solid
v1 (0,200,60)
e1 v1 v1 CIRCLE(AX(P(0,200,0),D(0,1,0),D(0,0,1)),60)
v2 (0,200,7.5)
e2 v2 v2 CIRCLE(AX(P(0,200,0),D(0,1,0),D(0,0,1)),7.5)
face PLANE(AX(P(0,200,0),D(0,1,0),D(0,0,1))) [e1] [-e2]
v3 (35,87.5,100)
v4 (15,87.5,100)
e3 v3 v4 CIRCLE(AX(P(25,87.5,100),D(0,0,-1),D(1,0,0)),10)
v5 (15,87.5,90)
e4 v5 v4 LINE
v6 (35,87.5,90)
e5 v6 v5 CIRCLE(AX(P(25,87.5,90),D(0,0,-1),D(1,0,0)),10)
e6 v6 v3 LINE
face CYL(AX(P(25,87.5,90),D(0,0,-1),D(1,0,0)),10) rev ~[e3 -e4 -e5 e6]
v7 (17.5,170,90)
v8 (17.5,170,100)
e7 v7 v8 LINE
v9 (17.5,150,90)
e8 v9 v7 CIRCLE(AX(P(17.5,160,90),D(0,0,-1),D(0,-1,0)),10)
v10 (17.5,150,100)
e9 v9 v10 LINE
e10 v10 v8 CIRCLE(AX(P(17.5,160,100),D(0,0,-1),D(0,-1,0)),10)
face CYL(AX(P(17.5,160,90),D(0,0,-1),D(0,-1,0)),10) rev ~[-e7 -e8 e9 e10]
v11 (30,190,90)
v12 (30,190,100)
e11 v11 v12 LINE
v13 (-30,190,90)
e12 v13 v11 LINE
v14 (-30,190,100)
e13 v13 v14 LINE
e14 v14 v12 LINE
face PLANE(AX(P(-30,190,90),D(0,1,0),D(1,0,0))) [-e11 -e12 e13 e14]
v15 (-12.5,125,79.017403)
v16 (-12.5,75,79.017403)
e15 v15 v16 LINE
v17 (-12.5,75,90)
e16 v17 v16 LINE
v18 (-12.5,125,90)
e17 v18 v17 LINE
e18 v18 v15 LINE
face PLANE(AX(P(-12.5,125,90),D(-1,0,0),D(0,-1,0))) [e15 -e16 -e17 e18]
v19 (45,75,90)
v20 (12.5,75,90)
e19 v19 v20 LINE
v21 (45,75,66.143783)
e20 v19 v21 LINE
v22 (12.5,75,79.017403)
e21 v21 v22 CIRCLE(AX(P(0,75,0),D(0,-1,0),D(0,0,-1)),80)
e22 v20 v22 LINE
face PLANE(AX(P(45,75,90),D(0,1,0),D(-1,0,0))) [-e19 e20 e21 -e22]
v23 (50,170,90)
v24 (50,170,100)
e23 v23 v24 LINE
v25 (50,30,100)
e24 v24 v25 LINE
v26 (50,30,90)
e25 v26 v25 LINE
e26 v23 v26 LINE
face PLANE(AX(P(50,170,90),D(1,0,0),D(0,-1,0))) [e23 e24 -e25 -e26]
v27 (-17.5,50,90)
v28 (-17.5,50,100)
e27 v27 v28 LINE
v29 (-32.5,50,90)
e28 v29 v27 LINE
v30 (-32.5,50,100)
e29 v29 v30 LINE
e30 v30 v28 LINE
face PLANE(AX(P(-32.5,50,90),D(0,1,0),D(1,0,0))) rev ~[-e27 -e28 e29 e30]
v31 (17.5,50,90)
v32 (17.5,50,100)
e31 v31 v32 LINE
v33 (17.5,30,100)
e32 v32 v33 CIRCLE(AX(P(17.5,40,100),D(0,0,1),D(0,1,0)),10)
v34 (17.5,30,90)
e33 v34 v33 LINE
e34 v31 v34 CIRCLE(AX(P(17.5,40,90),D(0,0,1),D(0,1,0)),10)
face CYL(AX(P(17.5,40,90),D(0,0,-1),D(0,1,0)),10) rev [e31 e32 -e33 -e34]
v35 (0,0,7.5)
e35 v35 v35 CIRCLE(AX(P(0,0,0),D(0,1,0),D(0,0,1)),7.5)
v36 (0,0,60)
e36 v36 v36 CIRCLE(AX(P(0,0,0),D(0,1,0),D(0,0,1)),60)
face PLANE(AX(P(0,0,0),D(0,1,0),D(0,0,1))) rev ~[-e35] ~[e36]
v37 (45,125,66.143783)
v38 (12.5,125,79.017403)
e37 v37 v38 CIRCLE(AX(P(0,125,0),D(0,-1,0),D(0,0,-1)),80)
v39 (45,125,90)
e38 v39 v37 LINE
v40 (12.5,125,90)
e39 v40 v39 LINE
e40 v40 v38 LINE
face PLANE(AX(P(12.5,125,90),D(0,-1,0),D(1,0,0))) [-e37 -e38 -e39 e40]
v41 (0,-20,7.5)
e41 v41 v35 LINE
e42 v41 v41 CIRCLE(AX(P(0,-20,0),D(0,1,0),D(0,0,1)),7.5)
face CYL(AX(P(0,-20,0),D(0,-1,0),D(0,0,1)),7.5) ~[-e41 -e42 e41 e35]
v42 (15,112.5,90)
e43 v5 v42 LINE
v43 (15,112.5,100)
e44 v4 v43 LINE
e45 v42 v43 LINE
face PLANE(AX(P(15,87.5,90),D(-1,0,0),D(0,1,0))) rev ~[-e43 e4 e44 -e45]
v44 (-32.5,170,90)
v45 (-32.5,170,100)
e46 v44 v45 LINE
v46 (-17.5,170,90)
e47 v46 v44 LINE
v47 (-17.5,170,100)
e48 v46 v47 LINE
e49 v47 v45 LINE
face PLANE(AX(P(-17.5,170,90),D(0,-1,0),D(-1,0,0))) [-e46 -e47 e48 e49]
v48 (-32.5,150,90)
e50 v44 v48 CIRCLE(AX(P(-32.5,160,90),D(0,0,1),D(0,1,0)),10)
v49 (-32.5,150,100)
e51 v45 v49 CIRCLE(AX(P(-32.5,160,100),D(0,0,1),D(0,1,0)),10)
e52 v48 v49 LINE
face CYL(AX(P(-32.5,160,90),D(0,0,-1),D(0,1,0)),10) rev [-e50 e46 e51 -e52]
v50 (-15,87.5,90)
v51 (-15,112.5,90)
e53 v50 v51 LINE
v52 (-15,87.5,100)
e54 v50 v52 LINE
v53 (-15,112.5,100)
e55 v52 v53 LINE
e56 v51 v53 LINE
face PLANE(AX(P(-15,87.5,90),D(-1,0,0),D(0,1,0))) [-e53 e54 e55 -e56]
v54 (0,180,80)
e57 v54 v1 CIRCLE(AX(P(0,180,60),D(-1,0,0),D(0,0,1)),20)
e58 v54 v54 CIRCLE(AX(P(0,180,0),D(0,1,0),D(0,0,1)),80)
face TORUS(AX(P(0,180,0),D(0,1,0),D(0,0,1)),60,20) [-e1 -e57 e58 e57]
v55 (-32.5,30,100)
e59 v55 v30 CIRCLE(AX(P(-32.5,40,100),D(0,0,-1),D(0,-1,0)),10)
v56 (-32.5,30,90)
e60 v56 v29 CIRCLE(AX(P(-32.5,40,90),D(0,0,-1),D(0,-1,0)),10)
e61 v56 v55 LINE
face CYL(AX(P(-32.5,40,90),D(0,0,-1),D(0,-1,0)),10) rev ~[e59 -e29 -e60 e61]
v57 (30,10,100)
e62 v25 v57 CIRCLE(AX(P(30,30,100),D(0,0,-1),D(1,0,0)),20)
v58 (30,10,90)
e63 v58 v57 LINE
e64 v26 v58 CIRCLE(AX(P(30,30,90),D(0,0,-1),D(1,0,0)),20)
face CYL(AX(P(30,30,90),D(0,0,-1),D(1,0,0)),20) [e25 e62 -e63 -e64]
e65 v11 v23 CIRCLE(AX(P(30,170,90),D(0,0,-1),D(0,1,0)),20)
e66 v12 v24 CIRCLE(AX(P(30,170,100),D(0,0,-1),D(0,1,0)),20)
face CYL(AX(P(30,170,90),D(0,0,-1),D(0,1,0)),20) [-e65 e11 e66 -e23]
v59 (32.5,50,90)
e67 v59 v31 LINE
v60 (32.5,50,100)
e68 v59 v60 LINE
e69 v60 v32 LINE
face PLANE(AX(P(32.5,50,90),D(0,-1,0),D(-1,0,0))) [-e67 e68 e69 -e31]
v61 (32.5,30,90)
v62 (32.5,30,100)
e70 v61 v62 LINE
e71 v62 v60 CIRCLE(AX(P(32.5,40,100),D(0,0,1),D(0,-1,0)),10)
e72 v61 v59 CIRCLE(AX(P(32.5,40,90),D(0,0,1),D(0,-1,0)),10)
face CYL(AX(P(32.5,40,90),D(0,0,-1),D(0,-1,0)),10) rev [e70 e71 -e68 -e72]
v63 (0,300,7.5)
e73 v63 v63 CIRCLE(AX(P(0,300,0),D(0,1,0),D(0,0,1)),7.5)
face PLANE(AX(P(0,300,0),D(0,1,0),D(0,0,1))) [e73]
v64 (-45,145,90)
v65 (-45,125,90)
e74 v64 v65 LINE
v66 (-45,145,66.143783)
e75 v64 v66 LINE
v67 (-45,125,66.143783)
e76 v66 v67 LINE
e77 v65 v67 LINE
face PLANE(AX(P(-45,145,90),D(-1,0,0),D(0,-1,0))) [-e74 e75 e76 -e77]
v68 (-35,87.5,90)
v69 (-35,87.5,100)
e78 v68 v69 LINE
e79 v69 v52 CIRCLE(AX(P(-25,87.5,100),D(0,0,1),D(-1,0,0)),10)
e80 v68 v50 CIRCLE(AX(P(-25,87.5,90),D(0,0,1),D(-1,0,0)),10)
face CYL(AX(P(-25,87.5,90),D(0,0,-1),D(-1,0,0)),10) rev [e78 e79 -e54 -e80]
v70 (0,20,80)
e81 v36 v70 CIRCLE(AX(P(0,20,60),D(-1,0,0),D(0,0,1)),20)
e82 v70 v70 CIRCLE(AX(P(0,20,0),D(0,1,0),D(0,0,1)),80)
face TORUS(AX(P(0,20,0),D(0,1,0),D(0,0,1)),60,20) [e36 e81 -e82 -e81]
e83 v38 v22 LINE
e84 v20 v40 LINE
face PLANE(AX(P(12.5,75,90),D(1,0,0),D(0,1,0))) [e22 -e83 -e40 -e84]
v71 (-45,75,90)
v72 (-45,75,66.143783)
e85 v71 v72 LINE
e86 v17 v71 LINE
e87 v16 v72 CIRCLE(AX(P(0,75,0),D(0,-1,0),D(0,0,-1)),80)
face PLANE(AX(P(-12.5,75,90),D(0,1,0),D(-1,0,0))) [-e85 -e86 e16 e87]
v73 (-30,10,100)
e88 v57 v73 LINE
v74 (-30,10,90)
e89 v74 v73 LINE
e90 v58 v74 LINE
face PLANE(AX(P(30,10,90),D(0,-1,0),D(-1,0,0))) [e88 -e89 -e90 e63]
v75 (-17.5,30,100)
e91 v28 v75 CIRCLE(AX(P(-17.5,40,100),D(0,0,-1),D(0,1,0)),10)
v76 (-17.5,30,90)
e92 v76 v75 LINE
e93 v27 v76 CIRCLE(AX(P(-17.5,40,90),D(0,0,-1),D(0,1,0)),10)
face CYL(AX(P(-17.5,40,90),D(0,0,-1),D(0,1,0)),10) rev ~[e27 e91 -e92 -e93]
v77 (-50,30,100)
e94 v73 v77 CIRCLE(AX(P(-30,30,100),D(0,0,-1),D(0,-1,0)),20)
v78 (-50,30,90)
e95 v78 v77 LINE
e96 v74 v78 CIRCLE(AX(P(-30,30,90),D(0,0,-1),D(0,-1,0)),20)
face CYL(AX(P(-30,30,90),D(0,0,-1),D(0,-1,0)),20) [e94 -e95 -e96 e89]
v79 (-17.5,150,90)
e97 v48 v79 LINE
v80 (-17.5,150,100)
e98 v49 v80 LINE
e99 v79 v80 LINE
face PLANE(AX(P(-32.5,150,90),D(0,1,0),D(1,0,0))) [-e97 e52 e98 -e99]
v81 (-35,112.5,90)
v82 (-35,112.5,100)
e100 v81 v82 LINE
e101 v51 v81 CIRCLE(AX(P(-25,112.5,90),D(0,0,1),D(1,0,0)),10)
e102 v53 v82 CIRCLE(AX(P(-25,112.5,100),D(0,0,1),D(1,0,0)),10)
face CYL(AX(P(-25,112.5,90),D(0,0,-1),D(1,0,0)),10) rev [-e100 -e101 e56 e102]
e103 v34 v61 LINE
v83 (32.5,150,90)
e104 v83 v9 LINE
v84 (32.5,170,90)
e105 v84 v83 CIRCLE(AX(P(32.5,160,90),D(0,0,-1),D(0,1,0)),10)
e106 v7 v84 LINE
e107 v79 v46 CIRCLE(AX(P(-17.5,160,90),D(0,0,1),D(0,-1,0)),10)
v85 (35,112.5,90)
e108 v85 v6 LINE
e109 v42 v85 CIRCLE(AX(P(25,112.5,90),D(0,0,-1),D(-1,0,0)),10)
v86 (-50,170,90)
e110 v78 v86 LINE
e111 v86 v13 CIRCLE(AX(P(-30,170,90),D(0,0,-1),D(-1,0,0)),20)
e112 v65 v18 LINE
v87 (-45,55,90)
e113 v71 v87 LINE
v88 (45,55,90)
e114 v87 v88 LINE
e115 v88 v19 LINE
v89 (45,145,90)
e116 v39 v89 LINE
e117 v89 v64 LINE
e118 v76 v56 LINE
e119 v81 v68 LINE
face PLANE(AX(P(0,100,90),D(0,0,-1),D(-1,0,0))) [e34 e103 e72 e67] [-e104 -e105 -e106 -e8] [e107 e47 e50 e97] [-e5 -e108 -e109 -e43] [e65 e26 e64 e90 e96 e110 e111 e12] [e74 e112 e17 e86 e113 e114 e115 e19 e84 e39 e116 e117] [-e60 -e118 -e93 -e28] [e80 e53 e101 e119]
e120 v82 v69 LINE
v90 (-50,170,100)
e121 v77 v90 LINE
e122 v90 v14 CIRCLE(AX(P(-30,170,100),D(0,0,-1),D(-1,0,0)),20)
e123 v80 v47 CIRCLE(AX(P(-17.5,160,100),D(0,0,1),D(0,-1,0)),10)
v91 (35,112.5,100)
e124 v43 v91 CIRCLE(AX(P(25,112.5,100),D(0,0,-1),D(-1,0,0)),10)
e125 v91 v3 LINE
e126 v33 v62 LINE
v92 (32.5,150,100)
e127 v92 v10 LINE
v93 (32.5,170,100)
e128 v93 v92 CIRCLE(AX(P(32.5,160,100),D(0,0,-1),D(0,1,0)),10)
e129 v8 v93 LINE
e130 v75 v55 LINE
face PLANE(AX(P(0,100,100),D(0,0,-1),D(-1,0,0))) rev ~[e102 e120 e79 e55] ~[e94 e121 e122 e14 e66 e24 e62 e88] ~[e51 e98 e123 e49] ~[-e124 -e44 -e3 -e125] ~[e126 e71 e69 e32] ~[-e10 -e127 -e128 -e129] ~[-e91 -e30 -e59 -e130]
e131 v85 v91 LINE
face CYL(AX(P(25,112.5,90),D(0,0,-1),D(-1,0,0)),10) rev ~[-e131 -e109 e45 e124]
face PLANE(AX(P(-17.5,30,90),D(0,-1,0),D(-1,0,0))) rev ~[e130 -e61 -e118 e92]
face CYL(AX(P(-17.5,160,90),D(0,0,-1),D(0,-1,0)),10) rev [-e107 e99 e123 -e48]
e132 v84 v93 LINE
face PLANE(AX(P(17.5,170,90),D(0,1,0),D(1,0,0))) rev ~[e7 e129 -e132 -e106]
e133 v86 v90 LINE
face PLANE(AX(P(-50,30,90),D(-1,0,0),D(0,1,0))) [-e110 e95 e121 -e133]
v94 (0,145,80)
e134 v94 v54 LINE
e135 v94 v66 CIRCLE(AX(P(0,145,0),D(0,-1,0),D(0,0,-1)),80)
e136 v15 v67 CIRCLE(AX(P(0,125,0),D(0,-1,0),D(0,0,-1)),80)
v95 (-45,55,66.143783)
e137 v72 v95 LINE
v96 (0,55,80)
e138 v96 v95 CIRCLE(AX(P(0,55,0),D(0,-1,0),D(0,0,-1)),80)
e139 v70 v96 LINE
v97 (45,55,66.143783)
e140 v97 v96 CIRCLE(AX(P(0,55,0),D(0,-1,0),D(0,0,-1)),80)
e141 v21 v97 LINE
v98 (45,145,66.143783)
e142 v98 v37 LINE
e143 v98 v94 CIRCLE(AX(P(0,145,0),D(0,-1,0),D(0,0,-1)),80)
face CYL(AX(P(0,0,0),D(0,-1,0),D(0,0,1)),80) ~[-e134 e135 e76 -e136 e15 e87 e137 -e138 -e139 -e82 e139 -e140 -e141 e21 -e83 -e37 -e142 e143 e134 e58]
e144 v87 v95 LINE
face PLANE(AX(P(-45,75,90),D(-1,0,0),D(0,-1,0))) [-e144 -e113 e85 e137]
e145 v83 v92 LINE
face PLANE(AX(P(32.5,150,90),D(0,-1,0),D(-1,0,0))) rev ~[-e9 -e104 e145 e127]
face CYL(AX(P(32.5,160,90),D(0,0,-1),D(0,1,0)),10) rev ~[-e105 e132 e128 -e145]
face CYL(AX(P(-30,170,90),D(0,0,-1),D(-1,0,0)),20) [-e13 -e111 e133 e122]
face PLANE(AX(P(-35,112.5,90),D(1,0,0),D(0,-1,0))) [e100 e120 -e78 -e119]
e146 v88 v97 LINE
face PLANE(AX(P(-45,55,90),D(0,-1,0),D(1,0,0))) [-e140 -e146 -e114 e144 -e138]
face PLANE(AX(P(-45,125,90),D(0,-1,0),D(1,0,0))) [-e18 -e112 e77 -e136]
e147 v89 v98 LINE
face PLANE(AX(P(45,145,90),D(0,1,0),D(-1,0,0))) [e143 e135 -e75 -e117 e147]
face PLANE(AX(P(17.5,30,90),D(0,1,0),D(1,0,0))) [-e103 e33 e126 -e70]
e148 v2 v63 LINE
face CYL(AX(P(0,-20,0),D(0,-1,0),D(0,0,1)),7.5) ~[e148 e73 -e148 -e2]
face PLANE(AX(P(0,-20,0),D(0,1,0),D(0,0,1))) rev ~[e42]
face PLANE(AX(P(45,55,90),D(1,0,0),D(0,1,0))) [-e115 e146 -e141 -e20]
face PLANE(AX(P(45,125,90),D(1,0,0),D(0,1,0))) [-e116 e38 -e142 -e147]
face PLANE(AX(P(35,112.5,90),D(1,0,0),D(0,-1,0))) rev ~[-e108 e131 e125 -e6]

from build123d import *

# Parameters (mm, degrees)
SKETCH2_R                = 80
SKETCH2_R_2              = 7.5
BOSS_EXTRUDE1_DEPTH      = 200
BOSS_EXTRUDE2_DEPTH      = 300
BOSS_EXTRUDE2_DEPTH_BACK = 20
SKETCH2_2_R              = 7.5
FILLET1_R                = 20
BOSS_EXTRUDE3_DEPTH      = 10
CUT_EXTRUDE1_DEPTH       = 10
BOSS_EXTRUDE4_REACH      = 355.977
BOSS_EXTRUDE4_END_RADIUS = 80


with BuildPart() as part:
    # Sketch2 → Boss-Extrude1 (new body)
    with BuildSketch(Plane(origin=(0, 0, 0), x_dir=(1, 0, 0), z_dir=(0, 1, 0))):
        Circle(SKETCH2_R)
        Circle(SKETCH2_R_2, mode=Mode.SUBTRACT)
    extrude(amount=BOSS_EXTRUDE1_DEPTH)

    # Sketch2<2> → Boss-Extrude2 (add, two sides: drawn at the far end of the back side and taken through both)
    with BuildSketch(Plane(origin=(0, 0, 0), x_dir=(1, 0, 0), z_dir=(0, 1, 0)).offset(-BOSS_EXTRUDE2_DEPTH_BACK)):
        Circle(SKETCH2_2_R)
    extrude(amount=BOSS_EXTRUDE2_DEPTH + BOSS_EXTRUDE2_DEPTH_BACK)

    # Fillet1
    fillet1_edges = [part.edges().sort_by_distance(p)[0] for p in [
        (-80, 0, 0),
        (-80, 200, 0),
    ]]
    fillet(fillet1_edges, radius=FILLET1_R)



with BuildPart() as body_2:
    # Sketch3 → Boss-Extrude3 (new body)
    with BuildSketch(Plane.XY.offset(90)):
        with BuildLine():
            Line((-30, 190), (30, 190))
            ThreePointArc((30, 190), (44.142135624, 184.142135624), (50, 170))
            Line((50, 170), (50, 30))
            ThreePointArc((50, 30), (44.142135624, 15.857864376), (30, 10))
            Line((30, 10), (-30, 10))
            ThreePointArc((-30, 10), (-44.142135624, 15.857864376), (-50, 30))
            Line((-50, 30), (-50, 170))
            ThreePointArc((-50, 170), (-44.142135624, 184.142135624), (-30, 190))
        make_face()
    extrude(amount=BOSS_EXTRUDE3_DEPTH)

    # Sketch3<5> → Cut-Extrude1 (cut)
    with BuildSketch(Plane.XY.offset(90)):
        with BuildLine():
            Line((17.5, 170), (32.5, 170))
            ThreePointArc((32.5, 170), (42.5, 160), (32.5, 150))
            Line((32.5, 150), (17.5, 150))
            ThreePointArc((17.5, 150), (7.5, 160), (17.5, 170))
        make_face()
        with BuildLine():
            Line((15, 87.5), (15, 112.5))
            ThreePointArc((15, 112.5), (25, 122.5), (35, 112.5))
            Line((35, 112.5), (35, 87.5))
            ThreePointArc((35, 87.5), (25, 77.5), (15, 87.5))
        make_face()
        with BuildLine():
            Line((-17.5, 170), (-32.5, 170))
            ThreePointArc((-32.5, 170), (-42.5, 160), (-32.5, 150))
            Line((-32.5, 150), (-17.5, 150))
            ThreePointArc((-17.5, 150), (-7.5, 160), (-17.5, 170))
        make_face()
        with BuildLine():
            Line((17.5, 30), (32.5, 30))
            ThreePointArc((32.5, 30), (42.5, 40), (32.5, 50))
            Line((32.5, 50), (17.5, 50))
            ThreePointArc((17.5, 50), (7.5, 40), (17.5, 30))
        make_face()
        with BuildLine():
            Line((-17.5, 30), (-32.5, 30))
            ThreePointArc((-32.5, 30), (-42.5, 40), (-32.5, 50))
            Line((-32.5, 50), (-17.5, 50))
            ThreePointArc((-17.5, 50), (-7.5, 40), (-17.5, 30))
        make_face()
        with BuildLine():
            Line((-15, 87.5), (-15, 112.5))
            ThreePointArc((-15, 112.5), (-25, 122.5), (-35, 112.5))
            Line((-35, 112.5), (-35, 87.5))
            ThreePointArc((-35, 87.5), (-25, 77.5), (-15, 87.5))
        make_face()
    extrude(amount=CUT_EXTRUDE1_DEPTH, mode=Mode.SUBTRACT)


with BuildPart() as part_1:
    add(part.part)

    add(body_2.part)  # Boss-Extrude4 merges body 2
    # Boss-Extrude4: up to this cylinder (the profile starts outside it)
    boss_extrude4_end = Plane(origin=(0, 100, 0), z_dir=(0, -1, 0)) * Cylinder(BOSS_EXTRUDE4_END_RADIUS, 872.954, mode=Mode.PRIVATE)
    # Sketch6 → Boss-Extrude4 (add, up to the surface)
    with BuildSketch(Plane.XY.offset(90), mode=Mode.PRIVATE) as boss_extrude4_sk1:
        Polygon((-45, 75), (-45, 55), (45, 55), (45, 75), (12.5, 75), (12.5, 125), (45, 125), (45, 145), (-45, 145), (-45, 125), (-12.5, 125), (-12.5, 75), align=None)
    boss_extrude4_tool1 = extrude(boss_extrude4_sk1.sketch, amount=-BOSS_EXTRUDE4_REACH, mode=Mode.PRIVATE) - boss_extrude4_end
    add(boss_extrude4_tool1.solids().sort_by_distance((0, 100, 90))[0])


solid = part_1.part
